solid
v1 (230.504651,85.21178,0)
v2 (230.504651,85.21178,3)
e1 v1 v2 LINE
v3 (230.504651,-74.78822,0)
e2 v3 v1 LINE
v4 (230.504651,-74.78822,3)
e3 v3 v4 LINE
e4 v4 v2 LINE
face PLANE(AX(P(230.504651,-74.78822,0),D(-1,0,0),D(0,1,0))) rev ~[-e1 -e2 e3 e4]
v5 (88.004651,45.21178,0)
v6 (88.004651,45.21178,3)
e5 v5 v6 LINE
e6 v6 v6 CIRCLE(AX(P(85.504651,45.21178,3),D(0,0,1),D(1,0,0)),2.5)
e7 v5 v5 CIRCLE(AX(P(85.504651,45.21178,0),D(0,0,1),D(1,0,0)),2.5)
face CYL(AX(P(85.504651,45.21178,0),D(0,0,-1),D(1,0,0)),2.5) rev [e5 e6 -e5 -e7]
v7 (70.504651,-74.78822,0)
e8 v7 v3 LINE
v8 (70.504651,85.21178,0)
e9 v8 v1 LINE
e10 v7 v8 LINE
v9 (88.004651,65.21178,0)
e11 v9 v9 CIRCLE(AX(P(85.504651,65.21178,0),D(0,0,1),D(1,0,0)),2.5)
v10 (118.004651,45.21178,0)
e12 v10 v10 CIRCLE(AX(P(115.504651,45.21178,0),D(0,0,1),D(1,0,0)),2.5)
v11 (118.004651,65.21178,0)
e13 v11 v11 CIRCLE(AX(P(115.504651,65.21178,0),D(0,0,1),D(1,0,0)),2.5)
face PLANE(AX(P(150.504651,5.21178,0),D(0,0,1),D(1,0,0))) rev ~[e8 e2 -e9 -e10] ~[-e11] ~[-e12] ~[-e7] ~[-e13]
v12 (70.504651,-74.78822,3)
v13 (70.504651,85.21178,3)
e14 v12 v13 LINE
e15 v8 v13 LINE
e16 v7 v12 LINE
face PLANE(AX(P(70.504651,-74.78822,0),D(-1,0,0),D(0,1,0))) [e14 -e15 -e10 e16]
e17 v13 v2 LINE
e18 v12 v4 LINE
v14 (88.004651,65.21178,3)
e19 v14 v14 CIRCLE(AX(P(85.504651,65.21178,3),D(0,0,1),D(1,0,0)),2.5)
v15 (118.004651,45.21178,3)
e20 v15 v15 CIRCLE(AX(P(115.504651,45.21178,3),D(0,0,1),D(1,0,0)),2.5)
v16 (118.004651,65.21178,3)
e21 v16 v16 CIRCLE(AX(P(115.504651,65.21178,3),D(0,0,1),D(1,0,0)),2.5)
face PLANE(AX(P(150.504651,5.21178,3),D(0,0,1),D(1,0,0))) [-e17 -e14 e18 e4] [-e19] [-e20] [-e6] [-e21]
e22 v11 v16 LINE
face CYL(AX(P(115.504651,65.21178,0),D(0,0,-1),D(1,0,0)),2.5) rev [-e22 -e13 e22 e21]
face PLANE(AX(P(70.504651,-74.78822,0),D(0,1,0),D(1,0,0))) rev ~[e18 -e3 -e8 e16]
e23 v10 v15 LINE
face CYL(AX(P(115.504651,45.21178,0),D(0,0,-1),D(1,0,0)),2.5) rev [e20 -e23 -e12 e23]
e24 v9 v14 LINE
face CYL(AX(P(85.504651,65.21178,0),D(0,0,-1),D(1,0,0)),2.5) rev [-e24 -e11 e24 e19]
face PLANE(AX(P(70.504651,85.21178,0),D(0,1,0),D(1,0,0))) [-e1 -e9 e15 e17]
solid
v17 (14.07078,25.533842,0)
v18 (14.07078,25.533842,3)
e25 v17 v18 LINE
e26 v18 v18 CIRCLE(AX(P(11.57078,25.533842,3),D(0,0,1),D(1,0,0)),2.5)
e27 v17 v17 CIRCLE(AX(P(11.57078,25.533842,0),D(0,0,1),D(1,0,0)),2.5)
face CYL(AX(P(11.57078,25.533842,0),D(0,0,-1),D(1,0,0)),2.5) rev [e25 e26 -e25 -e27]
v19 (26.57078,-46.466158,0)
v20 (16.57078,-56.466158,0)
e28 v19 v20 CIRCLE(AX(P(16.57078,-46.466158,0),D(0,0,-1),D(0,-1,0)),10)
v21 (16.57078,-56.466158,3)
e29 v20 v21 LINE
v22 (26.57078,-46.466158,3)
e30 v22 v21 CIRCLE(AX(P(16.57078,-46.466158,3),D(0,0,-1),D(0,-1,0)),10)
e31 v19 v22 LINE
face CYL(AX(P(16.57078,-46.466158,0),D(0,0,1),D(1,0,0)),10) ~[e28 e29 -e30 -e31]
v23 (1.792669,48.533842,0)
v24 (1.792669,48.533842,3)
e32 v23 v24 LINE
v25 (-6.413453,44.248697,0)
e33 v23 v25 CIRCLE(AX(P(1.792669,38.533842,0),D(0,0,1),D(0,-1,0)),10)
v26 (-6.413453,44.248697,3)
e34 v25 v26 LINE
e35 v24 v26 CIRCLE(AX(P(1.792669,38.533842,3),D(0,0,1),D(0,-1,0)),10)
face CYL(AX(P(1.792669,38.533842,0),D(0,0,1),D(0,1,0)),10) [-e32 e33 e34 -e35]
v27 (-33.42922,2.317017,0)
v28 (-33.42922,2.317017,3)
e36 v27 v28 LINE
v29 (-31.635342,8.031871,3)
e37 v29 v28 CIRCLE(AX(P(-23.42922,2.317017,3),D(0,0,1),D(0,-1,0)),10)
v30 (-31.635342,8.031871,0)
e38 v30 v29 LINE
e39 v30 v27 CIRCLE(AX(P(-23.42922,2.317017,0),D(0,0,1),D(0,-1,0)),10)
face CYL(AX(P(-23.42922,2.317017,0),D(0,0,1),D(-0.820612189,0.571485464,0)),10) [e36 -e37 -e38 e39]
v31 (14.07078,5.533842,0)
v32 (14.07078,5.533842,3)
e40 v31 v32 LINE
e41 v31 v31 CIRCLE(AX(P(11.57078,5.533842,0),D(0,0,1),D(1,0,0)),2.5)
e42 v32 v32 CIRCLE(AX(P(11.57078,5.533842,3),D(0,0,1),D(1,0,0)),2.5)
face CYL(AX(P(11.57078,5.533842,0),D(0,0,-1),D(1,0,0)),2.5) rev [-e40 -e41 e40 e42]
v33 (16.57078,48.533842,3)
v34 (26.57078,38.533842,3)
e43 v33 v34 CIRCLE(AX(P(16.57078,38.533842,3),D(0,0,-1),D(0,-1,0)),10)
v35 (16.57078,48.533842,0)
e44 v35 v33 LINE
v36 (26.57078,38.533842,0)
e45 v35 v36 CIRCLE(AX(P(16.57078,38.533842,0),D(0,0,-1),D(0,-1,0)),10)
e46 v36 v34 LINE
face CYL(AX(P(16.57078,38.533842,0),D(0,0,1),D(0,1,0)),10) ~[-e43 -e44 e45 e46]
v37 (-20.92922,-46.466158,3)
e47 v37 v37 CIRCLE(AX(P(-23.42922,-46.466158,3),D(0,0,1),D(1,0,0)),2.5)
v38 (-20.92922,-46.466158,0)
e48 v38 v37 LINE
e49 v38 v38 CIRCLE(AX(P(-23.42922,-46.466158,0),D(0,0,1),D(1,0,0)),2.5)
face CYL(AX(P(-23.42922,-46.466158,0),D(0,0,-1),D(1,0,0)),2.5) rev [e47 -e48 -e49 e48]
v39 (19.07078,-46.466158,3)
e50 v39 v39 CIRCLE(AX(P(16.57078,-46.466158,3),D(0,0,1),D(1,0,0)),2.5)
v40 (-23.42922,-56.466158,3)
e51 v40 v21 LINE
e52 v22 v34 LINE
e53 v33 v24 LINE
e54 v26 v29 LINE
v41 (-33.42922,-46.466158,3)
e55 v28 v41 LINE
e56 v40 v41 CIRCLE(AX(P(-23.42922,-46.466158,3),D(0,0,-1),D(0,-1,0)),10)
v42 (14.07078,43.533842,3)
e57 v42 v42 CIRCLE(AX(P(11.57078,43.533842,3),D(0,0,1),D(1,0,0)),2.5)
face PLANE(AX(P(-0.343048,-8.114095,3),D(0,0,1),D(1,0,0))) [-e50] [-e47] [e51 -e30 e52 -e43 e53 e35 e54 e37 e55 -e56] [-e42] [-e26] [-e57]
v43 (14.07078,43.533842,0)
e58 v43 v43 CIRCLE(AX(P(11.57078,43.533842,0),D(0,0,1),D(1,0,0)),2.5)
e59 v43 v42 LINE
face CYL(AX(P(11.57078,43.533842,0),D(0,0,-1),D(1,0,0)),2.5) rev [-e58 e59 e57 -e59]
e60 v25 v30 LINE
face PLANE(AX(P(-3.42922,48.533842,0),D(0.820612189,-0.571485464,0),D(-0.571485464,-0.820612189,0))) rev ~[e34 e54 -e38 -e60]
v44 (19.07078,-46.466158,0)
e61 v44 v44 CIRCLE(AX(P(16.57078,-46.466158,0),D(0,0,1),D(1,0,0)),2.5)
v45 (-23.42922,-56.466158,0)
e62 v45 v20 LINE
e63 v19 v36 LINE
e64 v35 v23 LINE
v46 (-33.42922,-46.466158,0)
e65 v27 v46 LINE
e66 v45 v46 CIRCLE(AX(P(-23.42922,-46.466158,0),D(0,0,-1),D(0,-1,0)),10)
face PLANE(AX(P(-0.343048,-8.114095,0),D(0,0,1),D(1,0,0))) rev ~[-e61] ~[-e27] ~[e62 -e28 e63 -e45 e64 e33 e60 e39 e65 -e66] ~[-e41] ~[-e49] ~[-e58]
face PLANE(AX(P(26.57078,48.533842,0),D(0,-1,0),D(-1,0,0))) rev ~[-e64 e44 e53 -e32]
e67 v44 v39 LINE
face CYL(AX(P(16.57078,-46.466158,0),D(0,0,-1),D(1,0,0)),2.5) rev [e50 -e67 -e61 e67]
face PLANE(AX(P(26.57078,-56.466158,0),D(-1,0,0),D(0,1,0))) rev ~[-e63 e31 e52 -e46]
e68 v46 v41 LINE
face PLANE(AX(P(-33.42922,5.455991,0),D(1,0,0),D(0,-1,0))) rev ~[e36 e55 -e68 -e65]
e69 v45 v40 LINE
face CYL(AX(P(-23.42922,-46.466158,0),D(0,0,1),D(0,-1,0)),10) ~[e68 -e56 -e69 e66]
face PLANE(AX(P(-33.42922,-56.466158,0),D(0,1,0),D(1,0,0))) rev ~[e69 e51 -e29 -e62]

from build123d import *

# Parameters (mm, degrees)
F0_R     = 2.5
F1_DEPTH = 3
F2_R     = 10
F3_W     = 160
F3_H     = 160
F3_R     = 2.5
F4_DEPTH = 3


with BuildPart() as f1:
    # F0 (on Top) → F1 (new body)
    with BuildSketch(Plane.XY):
        Polygon((26.57078, 48.533842), (-3.42922, 48.533842), (-33.42922, 5.455991), (-33.42922, -56.466158), (26.57078, -56.466158), align=None)
        with Locations((-23.42922, -46.466158)):
            Circle(F0_R, mode=Mode.SUBTRACT)
        with Locations((16.57078, -46.466158)):
            Circle(F0_R, mode=Mode.SUBTRACT)
        with Locations((11.57078, 5.533842)):
            Circle(F0_R, mode=Mode.SUBTRACT)
        with Locations((11.57078, 25.533842)):
            Circle(F0_R, mode=Mode.SUBTRACT)
        with Locations((11.57078, 43.533842)):
            Circle(F0_R, mode=Mode.SUBTRACT)
    extrude(amount=F1_DEPTH)

    # F2
    f2_edges = [f1.edges().sort_by_distance(p)[0] for p in [
        (26.57078, 48.533842, 1.5),
        (-3.42922, 48.533842, 1.5),
        (26.57078, -56.466158, 1.5),
        (-33.42922, -56.466158, 1.5),
        (-33.42922, 5.455991, 1.5),
    ]]
    fillet(f2_edges, radius=F2_R)


with BuildPart() as f4:
    # F3 (on Top) → F4 (new body)
    with BuildSketch(Plane.XY):
        with Locations((150.504651, 5.21178)):
            Rectangle(F3_W, F3_H)
        with Locations((115.504651, 45.21178)):
            Circle(F3_R, mode=Mode.SUBTRACT)
        with Locations((85.504651, 45.21178)):
            Circle(F3_R, mode=Mode.SUBTRACT)
        with Locations((85.504651, 65.21178)):
            Circle(F3_R, mode=Mode.SUBTRACT)
        with Locations((115.504651, 65.21178)):
            Circle(F3_R, mode=Mode.SUBTRACT)
    extrude(amount=F4_DEPTH)


solid = Compound([f1.part, f4.part])
